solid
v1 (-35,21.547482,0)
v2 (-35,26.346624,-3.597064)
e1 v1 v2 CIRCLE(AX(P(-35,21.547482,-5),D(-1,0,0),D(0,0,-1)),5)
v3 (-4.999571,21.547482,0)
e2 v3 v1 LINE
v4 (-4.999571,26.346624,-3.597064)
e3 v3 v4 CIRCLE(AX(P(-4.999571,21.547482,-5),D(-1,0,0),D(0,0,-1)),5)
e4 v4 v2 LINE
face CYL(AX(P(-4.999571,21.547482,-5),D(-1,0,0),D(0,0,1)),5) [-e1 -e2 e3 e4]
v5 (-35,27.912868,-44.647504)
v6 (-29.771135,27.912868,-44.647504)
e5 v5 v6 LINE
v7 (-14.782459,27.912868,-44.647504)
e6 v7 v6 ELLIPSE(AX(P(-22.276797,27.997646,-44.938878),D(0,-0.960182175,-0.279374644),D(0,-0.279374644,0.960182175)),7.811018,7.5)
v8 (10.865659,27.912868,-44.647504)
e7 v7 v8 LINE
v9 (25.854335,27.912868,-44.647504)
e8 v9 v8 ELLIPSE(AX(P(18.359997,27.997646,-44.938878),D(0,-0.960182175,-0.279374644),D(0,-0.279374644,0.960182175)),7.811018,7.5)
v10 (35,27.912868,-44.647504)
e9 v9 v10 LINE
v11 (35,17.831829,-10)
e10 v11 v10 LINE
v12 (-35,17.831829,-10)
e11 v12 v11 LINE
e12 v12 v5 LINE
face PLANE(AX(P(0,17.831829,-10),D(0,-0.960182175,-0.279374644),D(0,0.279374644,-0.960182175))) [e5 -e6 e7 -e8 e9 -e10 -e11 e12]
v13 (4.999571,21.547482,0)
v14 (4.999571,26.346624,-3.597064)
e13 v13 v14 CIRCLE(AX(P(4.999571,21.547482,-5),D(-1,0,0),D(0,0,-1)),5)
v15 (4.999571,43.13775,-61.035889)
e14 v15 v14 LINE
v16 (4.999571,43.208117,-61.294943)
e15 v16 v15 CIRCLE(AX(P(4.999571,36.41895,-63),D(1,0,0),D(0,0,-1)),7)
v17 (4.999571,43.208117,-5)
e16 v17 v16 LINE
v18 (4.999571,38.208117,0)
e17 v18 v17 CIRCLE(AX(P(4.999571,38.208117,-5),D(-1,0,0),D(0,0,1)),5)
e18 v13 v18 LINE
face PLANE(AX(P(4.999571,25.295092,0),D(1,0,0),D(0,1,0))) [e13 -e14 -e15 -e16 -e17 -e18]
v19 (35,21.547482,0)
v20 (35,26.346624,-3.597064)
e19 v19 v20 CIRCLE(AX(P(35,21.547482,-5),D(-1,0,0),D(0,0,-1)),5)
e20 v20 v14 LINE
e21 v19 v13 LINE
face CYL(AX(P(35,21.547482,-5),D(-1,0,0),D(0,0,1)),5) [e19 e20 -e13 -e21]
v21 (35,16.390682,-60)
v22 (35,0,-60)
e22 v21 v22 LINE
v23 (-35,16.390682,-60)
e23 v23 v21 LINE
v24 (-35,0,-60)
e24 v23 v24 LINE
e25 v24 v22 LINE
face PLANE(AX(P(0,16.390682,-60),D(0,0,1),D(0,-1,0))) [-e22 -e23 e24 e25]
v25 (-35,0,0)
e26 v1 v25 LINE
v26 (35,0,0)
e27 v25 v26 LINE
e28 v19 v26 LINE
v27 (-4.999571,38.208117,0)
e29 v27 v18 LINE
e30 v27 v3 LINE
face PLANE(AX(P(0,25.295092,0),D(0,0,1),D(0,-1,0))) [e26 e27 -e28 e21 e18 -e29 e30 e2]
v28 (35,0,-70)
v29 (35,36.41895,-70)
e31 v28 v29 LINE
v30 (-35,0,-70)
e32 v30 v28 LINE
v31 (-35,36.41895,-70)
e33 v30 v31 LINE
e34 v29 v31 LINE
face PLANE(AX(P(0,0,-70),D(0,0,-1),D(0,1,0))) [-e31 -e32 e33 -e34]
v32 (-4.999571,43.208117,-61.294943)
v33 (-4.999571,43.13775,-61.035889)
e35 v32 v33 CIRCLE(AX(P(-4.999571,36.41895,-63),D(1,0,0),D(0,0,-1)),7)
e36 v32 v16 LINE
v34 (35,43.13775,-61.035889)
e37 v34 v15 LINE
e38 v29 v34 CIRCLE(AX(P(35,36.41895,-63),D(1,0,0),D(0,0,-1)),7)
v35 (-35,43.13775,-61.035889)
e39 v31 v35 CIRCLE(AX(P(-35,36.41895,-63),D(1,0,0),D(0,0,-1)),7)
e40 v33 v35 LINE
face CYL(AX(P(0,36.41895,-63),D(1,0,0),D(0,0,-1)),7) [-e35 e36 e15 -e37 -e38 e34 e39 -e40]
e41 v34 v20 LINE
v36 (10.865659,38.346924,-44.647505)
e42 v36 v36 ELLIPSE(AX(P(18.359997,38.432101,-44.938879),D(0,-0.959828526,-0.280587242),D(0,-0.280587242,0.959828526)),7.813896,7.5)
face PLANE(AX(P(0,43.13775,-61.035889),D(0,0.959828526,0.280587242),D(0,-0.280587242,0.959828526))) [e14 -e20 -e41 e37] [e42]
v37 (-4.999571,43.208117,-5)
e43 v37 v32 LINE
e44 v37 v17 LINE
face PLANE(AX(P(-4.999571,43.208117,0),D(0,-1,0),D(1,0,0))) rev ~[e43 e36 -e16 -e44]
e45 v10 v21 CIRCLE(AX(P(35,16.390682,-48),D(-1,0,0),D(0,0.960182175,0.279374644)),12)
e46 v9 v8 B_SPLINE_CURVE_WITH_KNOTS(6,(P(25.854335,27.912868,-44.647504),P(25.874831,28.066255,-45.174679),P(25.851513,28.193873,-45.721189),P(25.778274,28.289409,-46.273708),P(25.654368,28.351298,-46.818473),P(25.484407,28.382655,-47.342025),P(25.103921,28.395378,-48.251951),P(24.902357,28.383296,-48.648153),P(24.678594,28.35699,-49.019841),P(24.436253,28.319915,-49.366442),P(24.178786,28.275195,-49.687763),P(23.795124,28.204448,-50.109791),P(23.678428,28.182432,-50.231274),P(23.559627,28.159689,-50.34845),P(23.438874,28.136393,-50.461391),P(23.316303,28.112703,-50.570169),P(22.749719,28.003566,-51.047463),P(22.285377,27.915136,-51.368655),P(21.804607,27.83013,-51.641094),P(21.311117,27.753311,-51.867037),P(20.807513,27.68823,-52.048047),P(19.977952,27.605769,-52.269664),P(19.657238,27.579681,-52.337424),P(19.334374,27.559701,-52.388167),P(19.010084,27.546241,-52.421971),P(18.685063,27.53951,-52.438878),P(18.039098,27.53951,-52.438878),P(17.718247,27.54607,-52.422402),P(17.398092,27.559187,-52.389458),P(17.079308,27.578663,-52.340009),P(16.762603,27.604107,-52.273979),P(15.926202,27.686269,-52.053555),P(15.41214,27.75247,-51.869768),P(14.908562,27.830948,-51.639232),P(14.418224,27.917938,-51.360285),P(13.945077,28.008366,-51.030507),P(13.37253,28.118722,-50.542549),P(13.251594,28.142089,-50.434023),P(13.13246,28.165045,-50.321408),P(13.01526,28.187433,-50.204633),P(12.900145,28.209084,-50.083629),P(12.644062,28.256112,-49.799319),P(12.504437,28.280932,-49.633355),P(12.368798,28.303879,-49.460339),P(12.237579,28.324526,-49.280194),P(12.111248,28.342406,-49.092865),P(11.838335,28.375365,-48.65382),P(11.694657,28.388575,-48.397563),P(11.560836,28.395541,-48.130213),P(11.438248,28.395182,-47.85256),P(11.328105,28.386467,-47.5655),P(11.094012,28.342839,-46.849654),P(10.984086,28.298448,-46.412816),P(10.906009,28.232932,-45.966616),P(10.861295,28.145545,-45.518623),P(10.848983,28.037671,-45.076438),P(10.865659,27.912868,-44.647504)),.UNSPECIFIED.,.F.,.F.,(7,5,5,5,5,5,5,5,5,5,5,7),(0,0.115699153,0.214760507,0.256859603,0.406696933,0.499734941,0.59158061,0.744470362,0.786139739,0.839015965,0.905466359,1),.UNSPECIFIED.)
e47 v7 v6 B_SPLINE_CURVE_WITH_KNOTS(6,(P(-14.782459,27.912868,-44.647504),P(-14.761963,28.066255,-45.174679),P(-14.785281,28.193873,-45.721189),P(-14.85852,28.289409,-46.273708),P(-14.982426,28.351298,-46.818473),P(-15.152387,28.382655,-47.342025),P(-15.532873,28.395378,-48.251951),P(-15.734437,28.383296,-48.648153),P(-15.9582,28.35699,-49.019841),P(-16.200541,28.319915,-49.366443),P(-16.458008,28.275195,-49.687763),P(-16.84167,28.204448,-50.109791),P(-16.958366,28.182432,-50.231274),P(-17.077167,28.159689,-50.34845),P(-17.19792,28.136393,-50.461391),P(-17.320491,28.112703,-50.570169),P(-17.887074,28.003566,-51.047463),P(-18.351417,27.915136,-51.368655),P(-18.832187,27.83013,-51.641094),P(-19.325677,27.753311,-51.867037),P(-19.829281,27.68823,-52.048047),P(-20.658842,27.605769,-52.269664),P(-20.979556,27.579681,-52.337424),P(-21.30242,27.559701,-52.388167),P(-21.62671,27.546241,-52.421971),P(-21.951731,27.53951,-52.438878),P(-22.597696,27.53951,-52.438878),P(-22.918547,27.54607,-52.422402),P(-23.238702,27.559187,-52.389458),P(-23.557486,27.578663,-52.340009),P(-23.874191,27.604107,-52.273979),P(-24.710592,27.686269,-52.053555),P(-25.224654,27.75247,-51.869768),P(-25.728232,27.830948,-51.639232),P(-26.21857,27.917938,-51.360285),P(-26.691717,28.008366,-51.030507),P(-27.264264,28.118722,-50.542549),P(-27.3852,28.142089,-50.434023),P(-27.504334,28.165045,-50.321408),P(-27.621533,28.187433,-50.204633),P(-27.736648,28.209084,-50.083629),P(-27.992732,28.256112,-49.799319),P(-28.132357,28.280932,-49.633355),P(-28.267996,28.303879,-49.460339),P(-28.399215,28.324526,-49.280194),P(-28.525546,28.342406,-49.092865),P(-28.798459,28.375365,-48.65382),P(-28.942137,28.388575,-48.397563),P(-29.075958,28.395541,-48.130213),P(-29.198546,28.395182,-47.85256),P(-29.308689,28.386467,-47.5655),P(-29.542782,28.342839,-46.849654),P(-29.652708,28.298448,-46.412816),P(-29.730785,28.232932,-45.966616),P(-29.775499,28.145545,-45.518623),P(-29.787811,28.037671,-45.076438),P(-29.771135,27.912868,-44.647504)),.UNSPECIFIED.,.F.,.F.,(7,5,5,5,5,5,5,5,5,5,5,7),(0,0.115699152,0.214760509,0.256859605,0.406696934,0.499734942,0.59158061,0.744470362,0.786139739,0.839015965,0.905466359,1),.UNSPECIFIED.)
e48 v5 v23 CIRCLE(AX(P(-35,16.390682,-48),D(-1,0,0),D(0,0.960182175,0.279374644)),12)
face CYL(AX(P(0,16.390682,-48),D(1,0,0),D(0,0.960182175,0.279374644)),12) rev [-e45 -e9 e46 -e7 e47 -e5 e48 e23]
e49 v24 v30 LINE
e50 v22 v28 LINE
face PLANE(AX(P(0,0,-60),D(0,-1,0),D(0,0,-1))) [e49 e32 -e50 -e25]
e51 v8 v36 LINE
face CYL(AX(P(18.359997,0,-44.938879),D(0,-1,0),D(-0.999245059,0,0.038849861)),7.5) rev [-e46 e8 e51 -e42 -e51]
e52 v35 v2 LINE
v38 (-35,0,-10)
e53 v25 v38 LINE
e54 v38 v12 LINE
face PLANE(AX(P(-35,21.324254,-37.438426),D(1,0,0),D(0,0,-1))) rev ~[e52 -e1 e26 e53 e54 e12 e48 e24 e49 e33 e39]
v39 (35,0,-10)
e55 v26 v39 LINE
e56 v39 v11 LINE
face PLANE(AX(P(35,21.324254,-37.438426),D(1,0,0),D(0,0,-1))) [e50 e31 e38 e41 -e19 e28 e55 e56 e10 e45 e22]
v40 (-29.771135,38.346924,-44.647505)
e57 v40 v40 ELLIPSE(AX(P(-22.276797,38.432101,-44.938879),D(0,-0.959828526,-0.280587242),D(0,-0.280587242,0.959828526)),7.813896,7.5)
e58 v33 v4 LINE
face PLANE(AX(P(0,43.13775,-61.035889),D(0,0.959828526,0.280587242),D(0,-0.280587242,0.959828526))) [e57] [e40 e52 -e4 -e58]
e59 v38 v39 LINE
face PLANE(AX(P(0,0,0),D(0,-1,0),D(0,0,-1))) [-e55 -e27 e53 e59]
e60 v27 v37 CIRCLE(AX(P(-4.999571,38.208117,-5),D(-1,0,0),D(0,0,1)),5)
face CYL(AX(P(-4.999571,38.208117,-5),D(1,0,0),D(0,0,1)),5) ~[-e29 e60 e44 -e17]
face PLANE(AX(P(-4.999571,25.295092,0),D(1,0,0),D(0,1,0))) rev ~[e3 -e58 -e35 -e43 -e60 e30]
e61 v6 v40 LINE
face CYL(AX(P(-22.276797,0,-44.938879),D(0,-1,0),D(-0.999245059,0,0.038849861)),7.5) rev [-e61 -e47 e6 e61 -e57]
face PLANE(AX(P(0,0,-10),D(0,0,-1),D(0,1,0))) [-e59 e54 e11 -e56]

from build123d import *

# Parameters (mm, degrees)
BOSS_EXTRUDE1_DEPTH = 35
BOSS_EXTRUDE2_REACH = 91.5
SKETCH4_W           = 9.999142244
SKETCH4_H           = 17.913024492
CUT_EXTRUDE1_REACH  = 91.5
SKETCH6_R           = 7.5
FILLET2_R           = 5


with BuildPart() as part:
    # Sketch2 → Boss-Extrude1 (new, symmetric)
    with BuildSketch(Plane(origin=(0, 0, 0), x_dir=(0, 0, -1), z_dir=(1, 0, 0))):
        with BuildLine():
            Line((0, 25.295092448), (0, 0))
            Line((0, 0), (10, 0))
            Line((10, 0), (10, 17.831828992))
            Line((10, 17.831828992), (44.647504272, 27.912868223))
            ThreePointArc((44.647504272, 27.912868223), (55.203126101, 25.988336757), (60, 16.390682129))
            Line((60, 16.390682129), (60, 0))
            Line((60, 0), (70, 0))
            Line((70, 0), (70, 36.418950493))
            ThreePointArc((70, 36.418950493), (67.19828686, 42.020234938), (61.035889303, 43.137750175))
            Line((61.035889303, 43.137750175), (0, 25.295092448))
        make_face()
    extrude(amount=BOSS_EXTRUDE1_DEPTH, both=True)

    # Sketch4 → Boss-Extrude2 (add, up to next)
    with BuildSketch(Plane.XY, mode=Mode.PRIVATE) as boss_extrude2_sk1:
        with Locations((0, 34.251604694)):
            Rectangle(SKETCH4_W, SKETCH4_H)
    boss_extrude2_tool1 = extrude(boss_extrude2_sk1.sketch, amount=-BOSS_EXTRUDE2_REACH, mode=Mode.PRIVATE) - part.part
    add(boss_extrude2_tool1.solids().sort_by_distance((0, 34.251605, 0))[0])

    # Cut-Extrude1: up to this plane
    cut_extrude1_end = Plane(origin=(35, 43.137750175, -61.035889303), z_dir=(0, -0.9598285260414122, -0.280587242399169))
    # Sketch6 → Cut-Extrude1 (cut, up to the surface)
    with BuildSketch(Plane(origin=(0, 0, 0), x_dir=(1, 0, 0), z_dir=(0, 1, 0)), mode=Mode.PRIVATE) as cut_extrude1_sk1:
        with Locations(Location((18.359997259, 44.938878516, 0), (0, 0, 182.226493381))):
            Circle(SKETCH6_R)
    cut_extrude1_tool1 = split(extrude(cut_extrude1_sk1.sketch, amount=CUT_EXTRUDE1_REACH, mode=Mode.PRIVATE), bisect_by=cut_extrude1_end, keep=Keep.BOTH, mode=Mode.PRIVATE)
    add(cut_extrude1_tool1.solids().sort_by_distance((18.359997, 0, -44.938879))[0], mode=Mode.SUBTRACT)
    # Sketch6 → Cut-Extrude1 (cut, up to the surface)
    with BuildSketch(Plane(origin=(0, 0, 0), x_dir=(1, 0, 0), z_dir=(0, 1, 0)), mode=Mode.PRIVATE) as cut_extrude1_sk2:
        with Locations(Location((-22.276796675, 44.938878516, 0), (0, 0, 182.226493381))):
            Circle(SKETCH6_R)
    cut_extrude1_tool2 = split(extrude(cut_extrude1_sk2.sketch, amount=CUT_EXTRUDE1_REACH, mode=Mode.PRIVATE), bisect_by=cut_extrude1_end, keep=Keep.BOTH, mode=Mode.PRIVATE)
    add(cut_extrude1_tool2.solids().sort_by_distance((-22.276797, 0, -44.938879))[0], mode=Mode.SUBTRACT)

    # Fillet2
    fillet2_edges = [part.edges().sort_by_distance(p)[0] for p in [
        (19.999785561, 25.295092448, 0),
        (-19.999785561, 25.295092448, 0),
        (0, 43.20811694, 0),
    ]]
    fillet(fillet2_edges, radius=FILLET2_R)


solid = part.part
